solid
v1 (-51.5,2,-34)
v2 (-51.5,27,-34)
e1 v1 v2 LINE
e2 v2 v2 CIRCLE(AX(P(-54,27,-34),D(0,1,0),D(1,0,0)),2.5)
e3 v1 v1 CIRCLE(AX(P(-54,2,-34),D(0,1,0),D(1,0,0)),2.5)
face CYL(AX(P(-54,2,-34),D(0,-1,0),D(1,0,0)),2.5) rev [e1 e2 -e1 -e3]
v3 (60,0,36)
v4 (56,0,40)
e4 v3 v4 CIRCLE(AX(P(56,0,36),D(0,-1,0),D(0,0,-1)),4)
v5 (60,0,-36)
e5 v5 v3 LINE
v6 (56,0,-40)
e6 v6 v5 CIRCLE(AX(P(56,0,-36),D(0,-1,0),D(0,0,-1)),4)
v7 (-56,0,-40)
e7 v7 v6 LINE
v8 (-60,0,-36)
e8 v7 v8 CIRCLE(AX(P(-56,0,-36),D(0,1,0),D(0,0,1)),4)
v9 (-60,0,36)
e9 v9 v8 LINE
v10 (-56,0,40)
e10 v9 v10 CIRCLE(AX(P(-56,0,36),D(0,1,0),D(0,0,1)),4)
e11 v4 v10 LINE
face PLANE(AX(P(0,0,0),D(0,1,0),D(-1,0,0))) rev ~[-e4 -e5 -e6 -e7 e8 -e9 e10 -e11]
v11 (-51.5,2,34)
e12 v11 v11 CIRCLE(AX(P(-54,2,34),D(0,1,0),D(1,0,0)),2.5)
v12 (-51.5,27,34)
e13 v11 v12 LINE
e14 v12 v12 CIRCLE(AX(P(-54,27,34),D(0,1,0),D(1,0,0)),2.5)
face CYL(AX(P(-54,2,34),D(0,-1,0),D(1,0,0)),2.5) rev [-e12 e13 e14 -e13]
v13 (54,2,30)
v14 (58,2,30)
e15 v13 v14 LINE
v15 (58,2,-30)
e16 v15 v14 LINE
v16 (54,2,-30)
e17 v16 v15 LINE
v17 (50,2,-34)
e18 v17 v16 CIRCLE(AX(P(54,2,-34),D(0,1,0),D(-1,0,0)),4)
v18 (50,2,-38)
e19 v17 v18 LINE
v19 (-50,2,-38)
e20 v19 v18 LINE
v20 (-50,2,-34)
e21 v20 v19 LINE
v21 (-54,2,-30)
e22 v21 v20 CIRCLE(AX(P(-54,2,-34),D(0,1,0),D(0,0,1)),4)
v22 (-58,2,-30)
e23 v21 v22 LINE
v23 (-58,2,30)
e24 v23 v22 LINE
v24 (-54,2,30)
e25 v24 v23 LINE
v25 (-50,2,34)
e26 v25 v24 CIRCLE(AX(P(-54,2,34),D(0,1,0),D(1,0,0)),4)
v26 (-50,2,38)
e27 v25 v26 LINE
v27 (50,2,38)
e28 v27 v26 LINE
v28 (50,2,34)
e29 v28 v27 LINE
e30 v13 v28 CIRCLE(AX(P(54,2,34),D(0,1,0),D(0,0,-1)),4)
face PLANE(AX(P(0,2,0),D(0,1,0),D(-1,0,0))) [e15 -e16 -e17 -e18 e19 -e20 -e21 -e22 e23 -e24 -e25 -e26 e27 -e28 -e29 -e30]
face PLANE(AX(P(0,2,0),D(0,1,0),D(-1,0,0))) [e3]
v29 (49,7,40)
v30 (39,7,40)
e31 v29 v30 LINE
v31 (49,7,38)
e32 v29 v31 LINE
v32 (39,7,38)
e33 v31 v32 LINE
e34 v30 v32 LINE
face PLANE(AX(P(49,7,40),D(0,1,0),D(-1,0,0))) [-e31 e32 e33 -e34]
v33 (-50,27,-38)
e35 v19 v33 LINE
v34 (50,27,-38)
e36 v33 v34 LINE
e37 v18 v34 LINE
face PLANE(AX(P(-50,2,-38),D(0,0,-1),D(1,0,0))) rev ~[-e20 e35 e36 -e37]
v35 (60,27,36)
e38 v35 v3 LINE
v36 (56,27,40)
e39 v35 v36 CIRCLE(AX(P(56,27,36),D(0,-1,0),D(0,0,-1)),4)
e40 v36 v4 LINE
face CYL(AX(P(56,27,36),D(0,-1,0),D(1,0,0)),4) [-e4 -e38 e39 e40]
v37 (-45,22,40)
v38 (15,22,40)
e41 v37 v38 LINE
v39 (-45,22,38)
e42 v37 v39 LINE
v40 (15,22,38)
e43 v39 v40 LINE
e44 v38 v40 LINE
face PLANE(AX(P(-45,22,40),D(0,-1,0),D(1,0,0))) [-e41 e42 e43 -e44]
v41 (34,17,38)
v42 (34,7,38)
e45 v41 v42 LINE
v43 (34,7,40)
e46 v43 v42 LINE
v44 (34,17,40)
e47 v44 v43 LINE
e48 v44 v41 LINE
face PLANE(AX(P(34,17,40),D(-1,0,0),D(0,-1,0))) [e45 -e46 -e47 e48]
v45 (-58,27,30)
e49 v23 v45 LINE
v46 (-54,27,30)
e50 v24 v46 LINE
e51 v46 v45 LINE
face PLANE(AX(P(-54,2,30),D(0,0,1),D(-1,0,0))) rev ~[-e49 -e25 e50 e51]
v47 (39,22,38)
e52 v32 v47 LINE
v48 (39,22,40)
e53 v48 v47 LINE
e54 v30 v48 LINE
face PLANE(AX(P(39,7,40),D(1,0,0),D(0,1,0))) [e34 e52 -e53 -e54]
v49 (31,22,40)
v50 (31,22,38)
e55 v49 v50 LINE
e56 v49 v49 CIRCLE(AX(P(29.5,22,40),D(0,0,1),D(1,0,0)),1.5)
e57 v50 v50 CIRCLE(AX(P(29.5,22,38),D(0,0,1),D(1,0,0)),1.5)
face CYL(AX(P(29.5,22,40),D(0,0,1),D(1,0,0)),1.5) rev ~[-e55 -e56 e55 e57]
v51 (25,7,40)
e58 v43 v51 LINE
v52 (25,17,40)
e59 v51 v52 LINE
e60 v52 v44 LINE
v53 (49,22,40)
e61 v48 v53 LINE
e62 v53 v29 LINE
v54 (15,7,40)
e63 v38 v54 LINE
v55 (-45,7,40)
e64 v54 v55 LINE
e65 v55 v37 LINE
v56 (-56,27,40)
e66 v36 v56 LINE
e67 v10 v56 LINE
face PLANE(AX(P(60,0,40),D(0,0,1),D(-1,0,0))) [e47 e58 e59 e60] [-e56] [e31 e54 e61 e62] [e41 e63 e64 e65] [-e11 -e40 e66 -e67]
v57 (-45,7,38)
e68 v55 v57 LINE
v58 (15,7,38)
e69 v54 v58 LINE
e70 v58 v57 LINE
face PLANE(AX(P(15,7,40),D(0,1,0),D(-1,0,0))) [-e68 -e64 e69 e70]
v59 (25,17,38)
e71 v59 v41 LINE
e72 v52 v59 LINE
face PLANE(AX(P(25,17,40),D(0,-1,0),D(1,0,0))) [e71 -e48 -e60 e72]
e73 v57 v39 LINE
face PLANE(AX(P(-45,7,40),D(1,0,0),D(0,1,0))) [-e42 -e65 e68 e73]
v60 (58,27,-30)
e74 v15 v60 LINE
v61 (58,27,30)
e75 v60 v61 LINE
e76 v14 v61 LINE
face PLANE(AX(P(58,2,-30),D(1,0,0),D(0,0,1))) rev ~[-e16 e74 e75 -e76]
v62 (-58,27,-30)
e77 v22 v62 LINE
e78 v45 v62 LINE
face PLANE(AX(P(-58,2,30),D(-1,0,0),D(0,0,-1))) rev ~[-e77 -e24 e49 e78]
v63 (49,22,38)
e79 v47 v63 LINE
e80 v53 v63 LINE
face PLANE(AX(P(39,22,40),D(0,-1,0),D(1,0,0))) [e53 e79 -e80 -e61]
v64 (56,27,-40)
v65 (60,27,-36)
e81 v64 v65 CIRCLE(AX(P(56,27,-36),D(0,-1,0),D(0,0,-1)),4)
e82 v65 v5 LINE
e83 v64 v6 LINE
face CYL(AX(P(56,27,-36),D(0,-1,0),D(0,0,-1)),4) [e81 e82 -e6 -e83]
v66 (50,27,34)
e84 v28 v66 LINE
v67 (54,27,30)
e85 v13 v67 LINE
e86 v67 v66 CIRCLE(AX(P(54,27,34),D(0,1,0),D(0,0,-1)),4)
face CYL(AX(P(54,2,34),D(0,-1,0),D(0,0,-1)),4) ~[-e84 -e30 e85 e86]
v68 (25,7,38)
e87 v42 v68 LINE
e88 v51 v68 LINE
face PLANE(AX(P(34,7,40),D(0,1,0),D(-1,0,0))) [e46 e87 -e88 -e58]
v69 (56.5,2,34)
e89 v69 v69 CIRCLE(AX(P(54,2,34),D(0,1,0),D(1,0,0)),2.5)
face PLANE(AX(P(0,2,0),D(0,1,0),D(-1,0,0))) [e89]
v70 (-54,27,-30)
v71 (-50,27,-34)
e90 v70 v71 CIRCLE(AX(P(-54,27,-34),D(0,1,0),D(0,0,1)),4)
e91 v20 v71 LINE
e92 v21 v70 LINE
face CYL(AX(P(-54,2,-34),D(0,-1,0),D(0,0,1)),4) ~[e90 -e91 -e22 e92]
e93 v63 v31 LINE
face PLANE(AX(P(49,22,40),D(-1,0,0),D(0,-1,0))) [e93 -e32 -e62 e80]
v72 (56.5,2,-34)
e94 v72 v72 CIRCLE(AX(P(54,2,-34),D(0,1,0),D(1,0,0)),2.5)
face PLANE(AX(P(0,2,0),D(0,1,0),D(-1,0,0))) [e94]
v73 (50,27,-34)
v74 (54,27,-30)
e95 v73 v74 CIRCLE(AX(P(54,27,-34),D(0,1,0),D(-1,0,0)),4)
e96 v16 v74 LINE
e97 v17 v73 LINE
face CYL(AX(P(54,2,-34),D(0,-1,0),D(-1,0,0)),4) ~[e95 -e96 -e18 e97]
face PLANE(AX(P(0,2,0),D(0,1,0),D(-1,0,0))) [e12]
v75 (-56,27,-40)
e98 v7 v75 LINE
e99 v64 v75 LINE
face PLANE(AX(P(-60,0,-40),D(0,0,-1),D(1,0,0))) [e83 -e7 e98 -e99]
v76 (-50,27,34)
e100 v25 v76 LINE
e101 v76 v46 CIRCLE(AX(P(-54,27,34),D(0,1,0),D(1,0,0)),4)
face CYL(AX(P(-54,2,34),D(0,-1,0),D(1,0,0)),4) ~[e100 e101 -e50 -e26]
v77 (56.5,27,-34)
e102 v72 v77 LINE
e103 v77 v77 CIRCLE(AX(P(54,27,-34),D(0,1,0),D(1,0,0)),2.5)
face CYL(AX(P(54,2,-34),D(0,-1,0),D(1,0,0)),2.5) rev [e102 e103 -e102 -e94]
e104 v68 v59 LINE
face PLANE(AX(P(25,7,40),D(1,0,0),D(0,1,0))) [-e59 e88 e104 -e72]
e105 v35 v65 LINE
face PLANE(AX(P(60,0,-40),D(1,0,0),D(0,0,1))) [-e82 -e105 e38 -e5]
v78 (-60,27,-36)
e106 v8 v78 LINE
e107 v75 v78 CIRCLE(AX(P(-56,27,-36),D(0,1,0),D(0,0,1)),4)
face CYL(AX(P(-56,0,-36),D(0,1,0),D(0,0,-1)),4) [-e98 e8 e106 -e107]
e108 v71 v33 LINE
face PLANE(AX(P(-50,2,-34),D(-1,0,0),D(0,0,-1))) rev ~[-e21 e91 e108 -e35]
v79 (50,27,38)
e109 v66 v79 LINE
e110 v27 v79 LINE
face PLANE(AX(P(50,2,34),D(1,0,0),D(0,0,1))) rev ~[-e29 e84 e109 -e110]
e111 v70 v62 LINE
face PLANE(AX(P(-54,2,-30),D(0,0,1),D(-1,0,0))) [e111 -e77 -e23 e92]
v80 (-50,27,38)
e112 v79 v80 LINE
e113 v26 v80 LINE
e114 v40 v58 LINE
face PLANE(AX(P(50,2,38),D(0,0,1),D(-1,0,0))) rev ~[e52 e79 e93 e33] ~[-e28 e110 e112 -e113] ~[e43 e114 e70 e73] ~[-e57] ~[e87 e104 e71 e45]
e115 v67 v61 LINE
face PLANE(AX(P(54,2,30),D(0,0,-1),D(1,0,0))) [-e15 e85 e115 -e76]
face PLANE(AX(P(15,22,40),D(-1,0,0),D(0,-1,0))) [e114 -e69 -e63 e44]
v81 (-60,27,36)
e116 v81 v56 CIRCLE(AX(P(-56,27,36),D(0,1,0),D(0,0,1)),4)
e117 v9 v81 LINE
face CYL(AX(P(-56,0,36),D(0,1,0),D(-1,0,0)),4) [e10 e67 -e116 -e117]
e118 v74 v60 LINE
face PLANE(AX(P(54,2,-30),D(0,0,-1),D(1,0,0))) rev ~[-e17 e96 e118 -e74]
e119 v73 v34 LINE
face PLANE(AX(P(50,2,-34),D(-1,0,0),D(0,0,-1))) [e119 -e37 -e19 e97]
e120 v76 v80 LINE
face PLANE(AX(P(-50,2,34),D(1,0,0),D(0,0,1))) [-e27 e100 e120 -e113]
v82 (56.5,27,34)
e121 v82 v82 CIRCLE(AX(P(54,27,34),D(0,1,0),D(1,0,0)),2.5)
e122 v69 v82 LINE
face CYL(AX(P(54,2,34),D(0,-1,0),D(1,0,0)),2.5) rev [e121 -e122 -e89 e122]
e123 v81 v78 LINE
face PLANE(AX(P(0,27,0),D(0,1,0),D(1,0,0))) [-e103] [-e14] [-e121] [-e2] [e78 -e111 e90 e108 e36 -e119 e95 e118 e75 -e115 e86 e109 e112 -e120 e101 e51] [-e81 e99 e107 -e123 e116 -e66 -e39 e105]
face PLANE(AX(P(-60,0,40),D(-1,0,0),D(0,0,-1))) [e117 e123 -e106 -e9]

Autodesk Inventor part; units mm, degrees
ref_plane "YZ Plane" through (0, 0, 0) normal (1, 0, 0) x (0, 1, 0)
ref_plane "XZ Plane" through (0, 0, 0) normal (0, 1, 0) x (-1, 0, 0)
ref_plane "XY Plane" through (0, 0, 0) normal (0, 0, 1) x (1, 0, 0)
sketch "Sketch1" plane through (0, 0, 0) normal (0, 1, 0) x (-1, 0, 0)
  line L0 (60, -40) -> (-60, -40)
  line L1 (-60, -40) -> (-60, 40)
  line L2 (-60, 40) -> (60, 40)
  line L3 (60, 40) -> (60, -40)
  point P0 (0, 0)
  dimension "d0" = 80
  dimension "d1" = 120
  dimension "d2" = 40
  dimension "d3" = 60
extrude "Extrusion1" add sketch "Sketch1" along normal blind 2
sketch "Sketch2" plane through (0, 2, 0) normal (0, 1, 0) x (1, 0, 0)
  line L0 (60, 40) -> (-60, 40) projected
  line L1 (60, -40) -> (60, 40) projected
  line L2 (-60, 40) -> (60, 40)
  line L3 (60, 40) -> (60, -40)
  line L4 (60, -40) -> (-60, -40)
  line L5 (-60, -40) -> (-60, 40)
  line L6 (-58, 38) -> (58, 38)
  line L7 (58, 38) -> (58, -38)
  line L8 (58, -38) -> (-58, -38)
  line L9 (-58, -38) -> (-58, 38)
  arc A0 (-50, -34) -> (-54, -30) centre (-54, -34) ccw
  line L10 (-54, -30) -> (-58, -30)
  line L11 (-50, -34) -> (-50, -38)
  line L12 (0, 4.5233) -> (0, -3.3512)
  line L13 (-2.8256, 0) -> (3.7968, 0)
  arc A1 (-54, 30) -> (-50, 34) centre (-54, 34) ccw
  line L14 (-54, 30) -> (-58, 30)
  line L15 (-50, 34) -> (-50, 38)
  arc A2 (54, -30) -> (50, -34) centre (54, -34) ccw
  line L16 (54, -30) -> (58, -30)
  line L17 (50, -34) -> (50, -38)
  line L18 (54, 30) -> (58, 30)
  arc A3 (50, 34) -> (54, 30) centre (54, 34) ccw
  line L19 (50, 34) -> (50, 38)
  circle A4 centre (-54, -34) radius 2.5
  circle A5 centre (-54, 34) radius 2.5
  circle A6 centre (54, -34) radius 2.5
  circle A7 centre (54, 34) radius 2.5
  point P0 (0, 0)
  dimension "d6" = 2
  dimension "d7" = 2
  dimension "d8" = 2
  dimension "d9" = 2
  dimension "d29" = 8
  dimension "d30" = 4
  dimension "d31" = 4
  dimension "d32" = 5
  dimension "d35" = 68
  dimension "d38" = 108
extrude "Extrusion2" add sketch "Sketch2" along normal blind 25 contours L1 L4 L5 L0 | L6 L15 A1 L14 L9 | L6 L7 L18 A3 L19 | L10 A0 L11 L8 L9 | L7 L8 L17 A2 L16
sketch "Sketch3" plane through (-60, 0, 40) normal (0, 0, 1) x (1, 0, 0)
  line L0 (15, 22) -> (75, 22)
  line L1 (75, 22) -> (75, 7)
  line L2 (75, 7) -> (15, 7)
  line L3 (15, 7) -> (15, 22)
  line L4 (10, 2) -> (110, 2) projected
  line L5 (0, 0) -> (0, 27) projected
  line L6 (85, 17) -> (94, 17)
  line L7 (94, 17) -> (94, 7)
  line L8 (94, 7) -> (85, 7)
  line L9 (85, 7) -> (85, 17)
  line L10 (99, 22) -> (109, 22)
  line L11 (109, 22) -> (109, 7)
  line L12 (109, 7) -> (99, 7)
  line L13 (99, 7) -> (99, 22)
  circle A0 centre (89.5, 22) radius 1.5
  point P0 (60, 0)
  point P1 (2, 2)
  point P2 (118, 2)
  point P3 (89.5, 7)
  point P4 (89.5, 17)
  dimension "d12" = 60
  dimension "d13" = 15
  dimension "d14" = 5
  dimension "d15" = 15
  dimension "d16" = 9
  dimension "d17" = 10
  dimension "d18" = 10
  dimension "d19" = 5
  dimension "d20" = 10
  dimension "d21" = 15
  dimension "d22" = 5
  dimension "d23" = 5
  dimension "d24" = 3
  dimension "d25" = 5
  dimension "d26" = 4.5
extrude "Extrusion3" cut sketch "Sketch3" against normal blind 25
fillet "Fillet1" radius 4 4 edges at (-60, 13.5, 40) (60, 13.5, 40) (60, 13.5, -40) (-60, 13.5, -40)
equation "\"d0\" = 0.666667 * d1"
equation "\"d2\" = 0.5 * d0"
equation "\"d3\" = 0.5 * d1"
equation "\"d7\" = d6"
equation "\"d8\" = d6"
equation "\"d9\" = d6"
equation "\"d30\" = 0.5 * d29"
equation "\"d31\" = d30"
equation "\"d19\" = d14"
equation "\"d22\" = d19"
equation "\"d26\" = 0.5 * d16"
properties part number "housing_base"
